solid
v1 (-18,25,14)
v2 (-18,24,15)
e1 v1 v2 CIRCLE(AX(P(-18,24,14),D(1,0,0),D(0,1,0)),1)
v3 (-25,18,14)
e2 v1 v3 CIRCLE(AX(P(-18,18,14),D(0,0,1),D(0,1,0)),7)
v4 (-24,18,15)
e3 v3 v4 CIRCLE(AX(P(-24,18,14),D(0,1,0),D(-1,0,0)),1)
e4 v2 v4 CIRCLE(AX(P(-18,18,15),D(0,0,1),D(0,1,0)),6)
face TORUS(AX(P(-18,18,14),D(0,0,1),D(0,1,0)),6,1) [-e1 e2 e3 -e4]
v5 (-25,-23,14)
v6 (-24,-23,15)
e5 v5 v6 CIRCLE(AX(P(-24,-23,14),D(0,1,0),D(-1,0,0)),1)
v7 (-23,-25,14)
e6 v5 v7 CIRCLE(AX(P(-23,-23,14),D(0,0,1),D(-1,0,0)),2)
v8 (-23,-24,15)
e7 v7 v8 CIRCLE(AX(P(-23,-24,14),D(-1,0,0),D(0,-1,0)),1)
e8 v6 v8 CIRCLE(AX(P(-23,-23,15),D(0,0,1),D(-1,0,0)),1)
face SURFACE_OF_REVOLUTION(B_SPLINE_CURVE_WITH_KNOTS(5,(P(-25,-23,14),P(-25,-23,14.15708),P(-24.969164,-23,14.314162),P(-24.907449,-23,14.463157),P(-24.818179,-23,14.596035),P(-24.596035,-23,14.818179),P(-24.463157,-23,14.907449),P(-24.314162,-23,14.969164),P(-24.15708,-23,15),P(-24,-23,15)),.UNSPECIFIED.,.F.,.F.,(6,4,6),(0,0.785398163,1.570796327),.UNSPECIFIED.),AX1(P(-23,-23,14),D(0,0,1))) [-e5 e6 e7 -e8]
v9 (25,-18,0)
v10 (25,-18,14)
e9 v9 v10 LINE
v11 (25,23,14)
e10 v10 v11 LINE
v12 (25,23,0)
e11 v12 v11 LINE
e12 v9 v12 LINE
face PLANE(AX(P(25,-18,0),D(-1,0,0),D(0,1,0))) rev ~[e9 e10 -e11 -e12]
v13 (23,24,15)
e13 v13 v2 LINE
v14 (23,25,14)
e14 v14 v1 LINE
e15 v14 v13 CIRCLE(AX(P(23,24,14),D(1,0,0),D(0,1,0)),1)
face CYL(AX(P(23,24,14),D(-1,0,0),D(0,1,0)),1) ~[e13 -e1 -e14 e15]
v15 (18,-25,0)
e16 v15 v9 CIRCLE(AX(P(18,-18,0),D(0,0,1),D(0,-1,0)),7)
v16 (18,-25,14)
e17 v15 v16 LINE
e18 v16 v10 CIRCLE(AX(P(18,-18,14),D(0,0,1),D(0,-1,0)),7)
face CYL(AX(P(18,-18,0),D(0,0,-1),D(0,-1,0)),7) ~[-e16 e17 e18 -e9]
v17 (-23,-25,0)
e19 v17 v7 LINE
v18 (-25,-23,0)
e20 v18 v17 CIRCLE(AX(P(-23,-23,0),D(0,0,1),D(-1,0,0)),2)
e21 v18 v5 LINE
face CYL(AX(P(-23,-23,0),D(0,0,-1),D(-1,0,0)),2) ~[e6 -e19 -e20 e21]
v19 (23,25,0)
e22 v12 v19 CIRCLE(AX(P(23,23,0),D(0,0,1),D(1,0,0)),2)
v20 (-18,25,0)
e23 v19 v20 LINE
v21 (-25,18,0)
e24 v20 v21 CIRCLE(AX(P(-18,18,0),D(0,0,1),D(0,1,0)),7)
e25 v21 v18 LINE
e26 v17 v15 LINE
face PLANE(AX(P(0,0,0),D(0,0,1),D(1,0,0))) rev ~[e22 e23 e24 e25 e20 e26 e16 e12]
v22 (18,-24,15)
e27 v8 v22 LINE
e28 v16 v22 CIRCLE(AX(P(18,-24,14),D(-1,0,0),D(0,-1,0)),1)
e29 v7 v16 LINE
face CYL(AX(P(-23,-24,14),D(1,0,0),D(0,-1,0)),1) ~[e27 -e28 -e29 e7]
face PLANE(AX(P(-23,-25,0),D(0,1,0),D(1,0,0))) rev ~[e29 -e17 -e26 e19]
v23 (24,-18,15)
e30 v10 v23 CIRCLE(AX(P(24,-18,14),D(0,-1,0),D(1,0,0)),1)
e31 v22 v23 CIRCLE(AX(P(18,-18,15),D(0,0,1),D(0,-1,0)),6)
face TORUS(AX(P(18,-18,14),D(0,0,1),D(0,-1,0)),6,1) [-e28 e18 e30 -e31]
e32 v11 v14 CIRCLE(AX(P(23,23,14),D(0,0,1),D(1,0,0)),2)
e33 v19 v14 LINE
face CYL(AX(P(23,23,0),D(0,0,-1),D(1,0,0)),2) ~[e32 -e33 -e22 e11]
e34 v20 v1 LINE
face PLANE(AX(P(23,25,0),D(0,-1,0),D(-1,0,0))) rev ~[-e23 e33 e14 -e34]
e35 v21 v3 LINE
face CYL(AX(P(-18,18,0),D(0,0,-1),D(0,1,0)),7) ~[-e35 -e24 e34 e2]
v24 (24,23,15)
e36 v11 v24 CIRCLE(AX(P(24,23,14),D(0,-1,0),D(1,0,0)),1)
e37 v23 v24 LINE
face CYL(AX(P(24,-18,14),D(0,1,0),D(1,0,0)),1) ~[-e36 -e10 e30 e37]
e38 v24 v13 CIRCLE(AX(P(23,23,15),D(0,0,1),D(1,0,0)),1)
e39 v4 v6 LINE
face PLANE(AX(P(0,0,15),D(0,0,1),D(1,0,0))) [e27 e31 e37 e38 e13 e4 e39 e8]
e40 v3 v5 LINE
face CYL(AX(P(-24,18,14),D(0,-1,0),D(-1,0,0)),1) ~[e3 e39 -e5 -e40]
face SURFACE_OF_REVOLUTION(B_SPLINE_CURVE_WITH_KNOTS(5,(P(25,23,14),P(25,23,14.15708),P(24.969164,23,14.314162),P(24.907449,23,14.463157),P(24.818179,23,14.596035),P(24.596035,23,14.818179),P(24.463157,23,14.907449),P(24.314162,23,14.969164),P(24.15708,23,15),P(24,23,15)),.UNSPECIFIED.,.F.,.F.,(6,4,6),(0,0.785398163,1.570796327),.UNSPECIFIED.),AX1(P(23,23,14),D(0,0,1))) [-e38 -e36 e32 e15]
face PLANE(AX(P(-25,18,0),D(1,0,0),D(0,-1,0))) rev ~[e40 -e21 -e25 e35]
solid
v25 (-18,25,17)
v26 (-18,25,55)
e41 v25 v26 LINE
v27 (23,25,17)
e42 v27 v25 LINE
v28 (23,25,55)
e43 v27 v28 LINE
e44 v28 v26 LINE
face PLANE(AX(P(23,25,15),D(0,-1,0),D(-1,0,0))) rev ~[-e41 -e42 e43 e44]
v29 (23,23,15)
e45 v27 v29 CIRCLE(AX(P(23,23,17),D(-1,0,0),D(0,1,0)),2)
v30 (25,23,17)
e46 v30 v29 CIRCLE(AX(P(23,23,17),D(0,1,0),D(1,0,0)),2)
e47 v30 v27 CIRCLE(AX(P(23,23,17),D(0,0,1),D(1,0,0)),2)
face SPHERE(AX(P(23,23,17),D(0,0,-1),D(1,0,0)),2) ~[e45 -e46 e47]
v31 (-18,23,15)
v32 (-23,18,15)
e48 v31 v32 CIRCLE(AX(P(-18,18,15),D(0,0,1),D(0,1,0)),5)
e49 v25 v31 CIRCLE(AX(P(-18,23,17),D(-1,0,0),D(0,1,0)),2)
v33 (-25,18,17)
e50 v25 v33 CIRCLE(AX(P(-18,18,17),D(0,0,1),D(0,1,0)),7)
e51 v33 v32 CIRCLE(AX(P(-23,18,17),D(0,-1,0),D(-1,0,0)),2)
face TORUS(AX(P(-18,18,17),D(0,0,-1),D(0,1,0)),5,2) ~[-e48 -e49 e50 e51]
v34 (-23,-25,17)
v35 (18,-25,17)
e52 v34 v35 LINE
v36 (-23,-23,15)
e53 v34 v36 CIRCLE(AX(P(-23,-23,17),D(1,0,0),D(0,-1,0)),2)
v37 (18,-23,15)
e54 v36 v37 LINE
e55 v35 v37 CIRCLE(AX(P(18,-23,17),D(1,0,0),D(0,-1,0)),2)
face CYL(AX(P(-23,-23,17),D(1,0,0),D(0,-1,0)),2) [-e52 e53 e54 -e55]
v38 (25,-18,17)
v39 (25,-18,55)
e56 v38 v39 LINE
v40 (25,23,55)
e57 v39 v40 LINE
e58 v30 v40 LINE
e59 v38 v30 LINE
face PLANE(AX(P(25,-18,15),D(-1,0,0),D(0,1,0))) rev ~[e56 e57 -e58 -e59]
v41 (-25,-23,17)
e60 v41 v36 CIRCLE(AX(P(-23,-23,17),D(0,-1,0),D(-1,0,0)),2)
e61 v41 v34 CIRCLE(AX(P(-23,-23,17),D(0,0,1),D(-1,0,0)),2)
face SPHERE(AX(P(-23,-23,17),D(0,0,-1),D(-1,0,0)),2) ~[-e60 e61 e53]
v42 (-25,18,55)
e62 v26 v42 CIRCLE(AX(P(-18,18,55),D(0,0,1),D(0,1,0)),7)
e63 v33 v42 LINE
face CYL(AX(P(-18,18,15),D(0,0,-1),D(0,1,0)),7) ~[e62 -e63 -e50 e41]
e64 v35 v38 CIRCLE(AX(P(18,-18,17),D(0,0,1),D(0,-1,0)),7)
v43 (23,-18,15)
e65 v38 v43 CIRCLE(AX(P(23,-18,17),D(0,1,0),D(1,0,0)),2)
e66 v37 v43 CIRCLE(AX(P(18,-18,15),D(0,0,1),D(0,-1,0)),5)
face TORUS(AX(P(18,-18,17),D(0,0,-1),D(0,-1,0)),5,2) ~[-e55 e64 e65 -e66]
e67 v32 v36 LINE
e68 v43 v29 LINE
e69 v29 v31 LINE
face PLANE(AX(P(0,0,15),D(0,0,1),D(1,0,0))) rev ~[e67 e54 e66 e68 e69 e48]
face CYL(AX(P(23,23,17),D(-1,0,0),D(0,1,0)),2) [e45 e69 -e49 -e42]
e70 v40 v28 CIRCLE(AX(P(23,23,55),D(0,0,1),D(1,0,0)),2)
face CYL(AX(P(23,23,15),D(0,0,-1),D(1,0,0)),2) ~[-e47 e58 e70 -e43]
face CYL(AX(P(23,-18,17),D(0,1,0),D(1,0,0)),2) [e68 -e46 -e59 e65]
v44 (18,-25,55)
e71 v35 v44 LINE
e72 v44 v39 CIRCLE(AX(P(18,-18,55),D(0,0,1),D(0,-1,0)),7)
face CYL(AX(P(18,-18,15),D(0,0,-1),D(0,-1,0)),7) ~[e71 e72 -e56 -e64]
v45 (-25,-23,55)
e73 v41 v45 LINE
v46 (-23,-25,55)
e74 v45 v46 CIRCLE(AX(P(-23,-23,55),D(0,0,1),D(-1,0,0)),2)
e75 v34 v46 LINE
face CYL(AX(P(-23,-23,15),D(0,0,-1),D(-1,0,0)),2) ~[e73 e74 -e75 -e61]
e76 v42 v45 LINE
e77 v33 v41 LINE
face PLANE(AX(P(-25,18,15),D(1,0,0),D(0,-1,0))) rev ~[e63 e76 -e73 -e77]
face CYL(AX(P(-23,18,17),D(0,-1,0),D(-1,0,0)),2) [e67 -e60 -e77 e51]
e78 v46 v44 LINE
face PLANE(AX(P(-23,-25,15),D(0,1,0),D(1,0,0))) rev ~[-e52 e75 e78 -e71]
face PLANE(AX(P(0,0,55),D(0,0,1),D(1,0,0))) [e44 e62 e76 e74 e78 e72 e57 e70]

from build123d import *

# Parameters (mm, degrees)
F1_DEPTH = 15
F2_DEPTH = 40
F3_R     = 1
F4_R     = 2


with BuildPart() as f1:
    # F0 (on Top) → F1 (new body)
    with BuildSketch(Plane.XY):
        with BuildLine():
            ThreePointArc((25, 23), (24.4142135624, 24.4142135624), (23, 25))
            Line((23, 25), (-18, 25))
            ThreePointArc((-18, 25), (-22.9497474683, 22.9497474683), (-25, 18))
            Line((-25, 18), (-25, -23))
            ThreePointArc((-25, -23), (-24.4142135624, -24.4142135624), (-23, -25))
            Line((-23, -25), (18, -25))
            ThreePointArc((18, -25), (22.9497474683, -22.9497474683), (25, -18))
            Line((25, -18), (25, 23))
        make_face()
    extrude(amount=F1_DEPTH)


with BuildPart() as f2:
    # F2 (new): a face of the model
    f2_faces = [f1.part.faces().sort_by_distance(p)[0] for p in [
        (0, 0, 15),
    ]]
    extrude(f2_faces, amount=F2_DEPTH)

    # F4
    f4_edges = [f2.edges().sort_by_distance(p)[0] for p in [
        (-2.5, -25, 15),
        (22.949747, -22.949747, 15),
        (25, 2.5, 15),
    ]]
    fillet(f4_edges, radius=F4_R)


with BuildPart() as f1_1:
    add(f1.part)

    # F3
    f3_edges = [f1_1.edges().sort_by_distance(p)[0] for p in [
        (-2.5, -25, 15),
        (22.949747, -22.949747, 15),
    ]]
    fillet(f3_edges, radius=F3_R)


solid = Compound([f2.part, f1_1.part])
